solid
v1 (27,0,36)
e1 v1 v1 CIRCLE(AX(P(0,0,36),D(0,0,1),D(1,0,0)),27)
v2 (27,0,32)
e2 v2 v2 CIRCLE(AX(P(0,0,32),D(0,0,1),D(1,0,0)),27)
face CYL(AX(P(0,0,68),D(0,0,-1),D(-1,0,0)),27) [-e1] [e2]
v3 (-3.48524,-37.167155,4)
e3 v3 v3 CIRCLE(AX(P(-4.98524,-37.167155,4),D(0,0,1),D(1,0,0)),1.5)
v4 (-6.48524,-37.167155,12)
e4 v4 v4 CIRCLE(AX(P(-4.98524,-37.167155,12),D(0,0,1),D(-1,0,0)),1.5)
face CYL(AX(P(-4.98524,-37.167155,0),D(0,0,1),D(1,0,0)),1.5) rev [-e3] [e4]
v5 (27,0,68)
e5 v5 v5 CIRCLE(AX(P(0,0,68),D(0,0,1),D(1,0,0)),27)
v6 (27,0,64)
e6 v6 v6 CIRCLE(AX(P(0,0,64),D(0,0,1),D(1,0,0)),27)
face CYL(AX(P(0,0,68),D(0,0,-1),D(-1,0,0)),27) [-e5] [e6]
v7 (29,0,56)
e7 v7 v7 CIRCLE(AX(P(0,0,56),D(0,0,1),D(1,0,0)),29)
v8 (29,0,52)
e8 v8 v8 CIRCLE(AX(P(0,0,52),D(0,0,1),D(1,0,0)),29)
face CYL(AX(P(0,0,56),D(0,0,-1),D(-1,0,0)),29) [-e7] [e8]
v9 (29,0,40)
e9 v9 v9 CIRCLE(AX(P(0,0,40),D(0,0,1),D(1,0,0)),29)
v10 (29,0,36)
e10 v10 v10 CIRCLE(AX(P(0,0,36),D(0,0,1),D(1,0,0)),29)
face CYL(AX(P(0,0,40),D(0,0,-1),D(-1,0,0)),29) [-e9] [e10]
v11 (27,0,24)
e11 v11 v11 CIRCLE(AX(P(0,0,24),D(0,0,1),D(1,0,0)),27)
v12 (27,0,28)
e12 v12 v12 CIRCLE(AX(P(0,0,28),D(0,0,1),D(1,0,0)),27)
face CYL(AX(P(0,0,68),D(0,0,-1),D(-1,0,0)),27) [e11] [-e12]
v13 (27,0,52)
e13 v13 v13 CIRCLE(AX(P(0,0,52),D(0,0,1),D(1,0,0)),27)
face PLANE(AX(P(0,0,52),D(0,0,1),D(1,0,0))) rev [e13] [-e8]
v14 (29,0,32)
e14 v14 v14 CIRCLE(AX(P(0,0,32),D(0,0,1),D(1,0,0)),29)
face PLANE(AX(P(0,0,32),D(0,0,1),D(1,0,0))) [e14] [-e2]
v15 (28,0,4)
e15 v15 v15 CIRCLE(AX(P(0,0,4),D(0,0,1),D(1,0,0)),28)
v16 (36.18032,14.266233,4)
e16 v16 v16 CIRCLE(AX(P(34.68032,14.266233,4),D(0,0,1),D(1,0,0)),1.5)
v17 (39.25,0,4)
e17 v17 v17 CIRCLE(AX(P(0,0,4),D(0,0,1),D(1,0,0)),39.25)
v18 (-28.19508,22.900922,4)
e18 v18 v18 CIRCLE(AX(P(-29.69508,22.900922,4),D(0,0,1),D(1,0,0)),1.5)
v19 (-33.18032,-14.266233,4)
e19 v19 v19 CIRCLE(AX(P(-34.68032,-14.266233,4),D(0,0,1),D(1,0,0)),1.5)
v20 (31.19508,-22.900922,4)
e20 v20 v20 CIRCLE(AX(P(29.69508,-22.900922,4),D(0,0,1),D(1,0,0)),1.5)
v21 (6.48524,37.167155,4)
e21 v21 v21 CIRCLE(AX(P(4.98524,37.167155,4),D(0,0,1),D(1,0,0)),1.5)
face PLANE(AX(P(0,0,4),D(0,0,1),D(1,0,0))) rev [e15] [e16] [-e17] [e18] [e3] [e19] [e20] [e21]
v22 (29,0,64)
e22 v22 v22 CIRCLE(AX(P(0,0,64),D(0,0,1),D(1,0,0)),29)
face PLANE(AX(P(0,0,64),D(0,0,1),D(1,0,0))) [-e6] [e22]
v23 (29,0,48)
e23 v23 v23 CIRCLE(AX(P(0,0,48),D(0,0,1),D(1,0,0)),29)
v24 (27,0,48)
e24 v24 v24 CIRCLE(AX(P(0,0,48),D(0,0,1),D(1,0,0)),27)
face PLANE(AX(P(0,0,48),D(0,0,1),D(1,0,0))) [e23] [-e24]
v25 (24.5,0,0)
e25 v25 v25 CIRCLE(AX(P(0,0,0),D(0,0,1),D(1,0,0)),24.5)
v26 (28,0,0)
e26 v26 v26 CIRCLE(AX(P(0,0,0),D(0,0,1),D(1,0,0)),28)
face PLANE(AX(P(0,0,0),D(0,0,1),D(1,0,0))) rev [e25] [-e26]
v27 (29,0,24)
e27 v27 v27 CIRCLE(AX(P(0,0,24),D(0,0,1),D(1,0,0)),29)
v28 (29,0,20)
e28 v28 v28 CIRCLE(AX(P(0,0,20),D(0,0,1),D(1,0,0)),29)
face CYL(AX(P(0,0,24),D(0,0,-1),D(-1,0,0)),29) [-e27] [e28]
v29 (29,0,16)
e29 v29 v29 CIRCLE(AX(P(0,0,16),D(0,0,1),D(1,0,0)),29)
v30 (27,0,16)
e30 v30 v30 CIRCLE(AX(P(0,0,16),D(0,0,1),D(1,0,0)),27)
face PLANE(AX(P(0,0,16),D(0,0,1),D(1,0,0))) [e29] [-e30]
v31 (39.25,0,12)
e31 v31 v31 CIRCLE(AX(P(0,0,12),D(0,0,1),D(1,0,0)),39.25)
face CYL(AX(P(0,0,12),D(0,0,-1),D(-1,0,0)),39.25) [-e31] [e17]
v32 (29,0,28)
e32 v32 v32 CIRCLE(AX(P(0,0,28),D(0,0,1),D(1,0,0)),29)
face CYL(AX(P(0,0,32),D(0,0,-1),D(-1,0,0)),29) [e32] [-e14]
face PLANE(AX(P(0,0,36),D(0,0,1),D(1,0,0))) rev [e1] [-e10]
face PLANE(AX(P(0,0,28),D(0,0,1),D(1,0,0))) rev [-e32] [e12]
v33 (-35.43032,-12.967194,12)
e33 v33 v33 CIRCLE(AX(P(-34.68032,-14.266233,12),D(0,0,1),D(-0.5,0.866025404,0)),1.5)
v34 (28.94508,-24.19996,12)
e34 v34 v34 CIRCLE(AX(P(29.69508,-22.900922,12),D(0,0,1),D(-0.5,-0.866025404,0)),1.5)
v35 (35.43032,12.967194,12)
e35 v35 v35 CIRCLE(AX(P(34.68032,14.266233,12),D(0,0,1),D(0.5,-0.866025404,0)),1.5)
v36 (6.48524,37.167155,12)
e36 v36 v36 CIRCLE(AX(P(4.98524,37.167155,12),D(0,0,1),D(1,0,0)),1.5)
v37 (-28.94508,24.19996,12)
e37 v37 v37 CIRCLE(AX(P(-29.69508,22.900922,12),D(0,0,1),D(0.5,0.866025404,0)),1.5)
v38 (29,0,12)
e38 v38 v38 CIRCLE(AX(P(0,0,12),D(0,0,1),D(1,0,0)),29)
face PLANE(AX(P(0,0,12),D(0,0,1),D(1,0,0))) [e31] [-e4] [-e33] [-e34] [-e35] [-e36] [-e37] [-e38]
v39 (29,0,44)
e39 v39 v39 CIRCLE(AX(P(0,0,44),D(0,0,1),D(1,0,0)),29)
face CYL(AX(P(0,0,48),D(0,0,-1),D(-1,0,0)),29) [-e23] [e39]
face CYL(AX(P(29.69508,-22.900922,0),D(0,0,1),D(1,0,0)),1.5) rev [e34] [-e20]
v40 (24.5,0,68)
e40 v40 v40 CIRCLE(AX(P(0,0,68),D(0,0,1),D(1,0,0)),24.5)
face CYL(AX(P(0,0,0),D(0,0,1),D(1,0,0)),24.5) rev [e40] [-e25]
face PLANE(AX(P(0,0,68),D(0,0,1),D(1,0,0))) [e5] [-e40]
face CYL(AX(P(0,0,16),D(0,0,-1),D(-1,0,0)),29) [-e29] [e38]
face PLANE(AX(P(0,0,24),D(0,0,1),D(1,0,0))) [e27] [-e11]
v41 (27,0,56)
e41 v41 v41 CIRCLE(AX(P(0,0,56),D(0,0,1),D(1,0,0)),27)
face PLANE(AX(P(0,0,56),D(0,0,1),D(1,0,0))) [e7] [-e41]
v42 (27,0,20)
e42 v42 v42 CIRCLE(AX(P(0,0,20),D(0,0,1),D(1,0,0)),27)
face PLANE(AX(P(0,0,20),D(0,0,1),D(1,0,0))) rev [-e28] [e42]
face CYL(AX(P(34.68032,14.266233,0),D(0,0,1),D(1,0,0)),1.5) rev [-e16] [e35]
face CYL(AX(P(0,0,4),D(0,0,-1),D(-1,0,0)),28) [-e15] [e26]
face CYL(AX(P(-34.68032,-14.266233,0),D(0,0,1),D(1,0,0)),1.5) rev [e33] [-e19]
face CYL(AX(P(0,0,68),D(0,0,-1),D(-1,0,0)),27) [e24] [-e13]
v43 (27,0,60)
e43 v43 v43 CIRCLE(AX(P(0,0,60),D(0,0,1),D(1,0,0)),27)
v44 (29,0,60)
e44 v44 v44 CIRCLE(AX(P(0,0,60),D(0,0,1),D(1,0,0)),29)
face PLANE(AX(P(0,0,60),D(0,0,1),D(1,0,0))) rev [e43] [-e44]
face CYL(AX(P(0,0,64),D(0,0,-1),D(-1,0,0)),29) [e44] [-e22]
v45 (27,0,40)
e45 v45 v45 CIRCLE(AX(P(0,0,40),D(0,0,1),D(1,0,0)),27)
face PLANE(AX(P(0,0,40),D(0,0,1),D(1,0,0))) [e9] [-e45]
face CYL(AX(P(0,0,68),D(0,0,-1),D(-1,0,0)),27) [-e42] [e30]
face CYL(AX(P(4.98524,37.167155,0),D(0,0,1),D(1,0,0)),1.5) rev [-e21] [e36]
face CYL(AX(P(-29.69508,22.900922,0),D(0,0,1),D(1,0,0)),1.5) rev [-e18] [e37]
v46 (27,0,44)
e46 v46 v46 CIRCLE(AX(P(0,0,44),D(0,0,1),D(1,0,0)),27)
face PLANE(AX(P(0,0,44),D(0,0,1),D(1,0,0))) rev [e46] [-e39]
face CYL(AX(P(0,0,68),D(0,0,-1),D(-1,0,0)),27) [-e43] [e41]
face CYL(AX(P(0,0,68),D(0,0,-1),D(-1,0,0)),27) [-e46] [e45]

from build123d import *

# Parameters (mm, degrees)
SKETCH1_R           = 28
BOSS_EXTRUDE1_DEPTH = 4
SKETCH2_R           = 39.25
BOSS_EXTRUDE2_DEPTH = 8
SKETCH4_R           = 27
BOSS_EXTRUDE3_DEPTH = 56
SKETCH5_R           = 24.5
CUT_EXTRUDE2_DEPTH  = 88.778841414
SKETCH6_R           = 29
BOSS_EXTRUDE4_DEPTH = 4
LPATTERN1_COUNT     = 7
LPATTERN1_PITCH     = 8
SKETCH8_R           = 1.5
CUT_EXTRUDE3_DEPTH  = 79.848747612
CIRPATTERN1_COUNT   = 6
SKETCH9_R           = 24.5
CUT_EXTRUDE4_DEPTH  = 85.71791428


with BuildPart() as part:
    # Sketch1 → Boss-Extrude1 (new body)
    with BuildSketch(Plane.XY):
        Circle(SKETCH1_R)
    extrude(amount=BOSS_EXTRUDE1_DEPTH)

    # Sketch2 → Boss-Extrude2 (add)
    with BuildSketch(Plane.XY.offset(4)):
        Circle(SKETCH2_R)
    extrude(amount=BOSS_EXTRUDE2_DEPTH)

    # Sketch4 → Boss-Extrude3 (add)
    with BuildSketch(Plane.XY.offset(12)):
        Circle(SKETCH4_R)
    extrude(amount=BOSS_EXTRUDE3_DEPTH)

    # Sketch5 → Cut-Extrude2 (cut, through all)
    with BuildSketch(Plane.XY.offset(68)):
        Circle(SKETCH5_R)
    extrude(amount=-CUT_EXTRUDE2_DEPTH, mode=Mode.SUBTRACT)

    # Sketch6 → Boss-Extrude4 (add)
    with BuildSketch(Plane.XY.offset(12)):
        Circle(SKETCH6_R)
    boss_extrude4 = extrude(amount=BOSS_EXTRUDE4_DEPTH)

    # LPattern1: Boss-Extrude4 ×7
    with Locations(*[(0, 0, i * LPATTERN1_PITCH) for i in range(1, LPATTERN1_COUNT)]):
        add(boss_extrude4)

    # Sketch8 → Cut-Extrude3 (cut, through all)
    with BuildSketch(Plane.XY.offset(12)):
        with Locations((4.985240287, 37.167154576)):
            Circle(SKETCH8_R)
    cut_extrude3 = extrude(amount=-CUT_EXTRUDE3_DEPTH, mode=Mode.SUBTRACT)

    # CirPattern1: Cut-Extrude3 ×6 about axis
    cirpattern1_axis = Axis((0, 0, 0), (0, 0, 1))
    for i in range(1, CIRPATTERN1_COUNT):
        add(cut_extrude3.rotate(cirpattern1_axis, i * 360 / CIRPATTERN1_COUNT), mode=Mode.SUBTRACT)

    # Sketch9 → Cut-Extrude4 (cut, through all)
    with BuildSketch(Plane.XY.offset(64)):
        Circle(SKETCH9_R)
    extrude(amount=-CUT_EXTRUDE4_DEPTH, mode=Mode.SUBTRACT)


solid = part.part
